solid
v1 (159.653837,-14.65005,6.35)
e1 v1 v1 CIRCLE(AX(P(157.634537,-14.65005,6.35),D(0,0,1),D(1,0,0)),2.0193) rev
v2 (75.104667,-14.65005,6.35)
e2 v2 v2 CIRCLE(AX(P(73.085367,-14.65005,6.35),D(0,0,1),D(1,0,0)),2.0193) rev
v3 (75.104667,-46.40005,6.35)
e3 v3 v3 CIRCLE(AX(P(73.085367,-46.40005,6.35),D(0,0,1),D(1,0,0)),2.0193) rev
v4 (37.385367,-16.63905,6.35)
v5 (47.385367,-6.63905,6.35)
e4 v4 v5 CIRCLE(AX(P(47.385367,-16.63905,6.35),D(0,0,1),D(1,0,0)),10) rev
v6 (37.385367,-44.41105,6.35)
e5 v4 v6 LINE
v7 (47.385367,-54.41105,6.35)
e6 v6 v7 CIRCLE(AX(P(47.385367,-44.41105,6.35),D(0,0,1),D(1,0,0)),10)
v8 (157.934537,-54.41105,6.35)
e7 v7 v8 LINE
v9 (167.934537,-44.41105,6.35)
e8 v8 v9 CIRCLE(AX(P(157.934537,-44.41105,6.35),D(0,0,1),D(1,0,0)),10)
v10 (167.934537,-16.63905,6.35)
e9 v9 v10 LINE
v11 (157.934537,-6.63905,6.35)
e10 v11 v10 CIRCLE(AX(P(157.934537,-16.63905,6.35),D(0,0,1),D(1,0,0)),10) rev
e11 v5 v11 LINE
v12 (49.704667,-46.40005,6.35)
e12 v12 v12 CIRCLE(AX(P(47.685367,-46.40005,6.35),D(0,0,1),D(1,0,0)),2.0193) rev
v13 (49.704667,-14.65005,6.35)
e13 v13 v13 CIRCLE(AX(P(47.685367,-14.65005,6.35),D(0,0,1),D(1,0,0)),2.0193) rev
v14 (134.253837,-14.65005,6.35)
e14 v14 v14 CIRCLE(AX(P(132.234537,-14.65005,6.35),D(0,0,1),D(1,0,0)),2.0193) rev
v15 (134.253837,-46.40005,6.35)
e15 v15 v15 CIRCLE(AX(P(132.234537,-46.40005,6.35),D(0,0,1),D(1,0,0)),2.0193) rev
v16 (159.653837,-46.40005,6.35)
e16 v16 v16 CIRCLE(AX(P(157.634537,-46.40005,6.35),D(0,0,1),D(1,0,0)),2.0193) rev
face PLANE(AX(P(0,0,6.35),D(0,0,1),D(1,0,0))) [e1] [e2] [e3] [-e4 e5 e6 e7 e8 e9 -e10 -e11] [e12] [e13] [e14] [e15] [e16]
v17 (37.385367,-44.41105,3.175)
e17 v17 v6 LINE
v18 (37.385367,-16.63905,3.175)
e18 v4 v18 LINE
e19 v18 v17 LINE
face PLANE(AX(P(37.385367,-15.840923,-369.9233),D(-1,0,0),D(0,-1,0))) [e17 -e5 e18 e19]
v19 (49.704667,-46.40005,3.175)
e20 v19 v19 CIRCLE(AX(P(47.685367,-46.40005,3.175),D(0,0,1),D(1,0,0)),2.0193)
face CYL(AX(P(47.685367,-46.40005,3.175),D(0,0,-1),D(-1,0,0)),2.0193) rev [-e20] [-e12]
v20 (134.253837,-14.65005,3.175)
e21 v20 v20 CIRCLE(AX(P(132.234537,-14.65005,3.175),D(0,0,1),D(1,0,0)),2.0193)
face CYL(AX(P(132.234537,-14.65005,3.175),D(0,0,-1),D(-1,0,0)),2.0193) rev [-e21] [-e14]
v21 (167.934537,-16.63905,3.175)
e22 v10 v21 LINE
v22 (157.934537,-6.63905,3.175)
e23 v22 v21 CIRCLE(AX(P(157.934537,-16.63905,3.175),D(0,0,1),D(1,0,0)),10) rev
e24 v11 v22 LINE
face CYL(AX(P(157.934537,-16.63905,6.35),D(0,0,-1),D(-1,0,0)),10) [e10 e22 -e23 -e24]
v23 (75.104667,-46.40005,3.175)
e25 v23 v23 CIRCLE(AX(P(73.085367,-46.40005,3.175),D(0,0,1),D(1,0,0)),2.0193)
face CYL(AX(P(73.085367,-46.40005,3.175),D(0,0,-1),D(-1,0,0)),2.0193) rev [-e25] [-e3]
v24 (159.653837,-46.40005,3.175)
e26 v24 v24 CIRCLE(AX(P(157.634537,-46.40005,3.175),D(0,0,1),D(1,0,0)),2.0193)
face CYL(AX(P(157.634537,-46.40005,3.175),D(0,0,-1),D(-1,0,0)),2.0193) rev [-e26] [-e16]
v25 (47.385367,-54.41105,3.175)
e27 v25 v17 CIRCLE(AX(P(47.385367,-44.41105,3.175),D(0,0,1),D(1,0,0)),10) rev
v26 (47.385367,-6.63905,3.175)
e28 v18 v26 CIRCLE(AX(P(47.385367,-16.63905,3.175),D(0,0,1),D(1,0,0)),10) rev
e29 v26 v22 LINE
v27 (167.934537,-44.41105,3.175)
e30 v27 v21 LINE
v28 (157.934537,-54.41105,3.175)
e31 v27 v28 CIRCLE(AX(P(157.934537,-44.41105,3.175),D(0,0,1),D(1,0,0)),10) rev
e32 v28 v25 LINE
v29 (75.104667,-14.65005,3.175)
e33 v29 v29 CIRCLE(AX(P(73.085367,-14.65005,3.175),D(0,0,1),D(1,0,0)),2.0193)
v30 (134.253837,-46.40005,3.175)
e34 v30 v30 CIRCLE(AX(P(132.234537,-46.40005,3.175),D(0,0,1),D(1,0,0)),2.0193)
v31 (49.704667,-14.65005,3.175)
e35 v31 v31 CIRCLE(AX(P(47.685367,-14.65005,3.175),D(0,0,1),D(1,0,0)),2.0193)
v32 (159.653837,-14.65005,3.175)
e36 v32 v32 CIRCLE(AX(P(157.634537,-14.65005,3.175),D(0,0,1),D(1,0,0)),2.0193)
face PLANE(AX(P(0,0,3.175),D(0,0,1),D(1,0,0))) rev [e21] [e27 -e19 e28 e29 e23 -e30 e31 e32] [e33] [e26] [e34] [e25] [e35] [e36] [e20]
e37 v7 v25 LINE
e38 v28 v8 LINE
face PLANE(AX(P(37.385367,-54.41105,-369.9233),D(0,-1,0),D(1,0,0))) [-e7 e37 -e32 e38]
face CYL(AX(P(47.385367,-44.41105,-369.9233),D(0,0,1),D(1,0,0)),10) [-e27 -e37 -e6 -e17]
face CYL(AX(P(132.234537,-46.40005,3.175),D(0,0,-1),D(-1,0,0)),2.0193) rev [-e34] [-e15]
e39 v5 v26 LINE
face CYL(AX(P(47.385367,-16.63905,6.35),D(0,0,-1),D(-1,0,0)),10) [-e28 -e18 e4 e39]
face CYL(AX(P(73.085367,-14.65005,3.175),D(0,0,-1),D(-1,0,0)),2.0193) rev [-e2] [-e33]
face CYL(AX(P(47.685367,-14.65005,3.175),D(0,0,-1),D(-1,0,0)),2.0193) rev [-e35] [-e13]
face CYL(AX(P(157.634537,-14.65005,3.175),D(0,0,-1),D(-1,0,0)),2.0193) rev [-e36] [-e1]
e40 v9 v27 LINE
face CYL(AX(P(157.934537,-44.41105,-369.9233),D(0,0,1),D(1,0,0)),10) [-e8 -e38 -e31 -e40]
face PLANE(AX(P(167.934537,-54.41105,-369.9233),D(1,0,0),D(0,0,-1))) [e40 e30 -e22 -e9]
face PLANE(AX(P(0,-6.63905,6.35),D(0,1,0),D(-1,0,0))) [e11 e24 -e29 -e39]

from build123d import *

# Parameters (mm, degrees)
BOSS_EXTRUDE1_DEPTH = 3.175
CUT_EXTRUDE1_DEPTH  = 10
SKETCH3_R           = 2.0193
BOSS_EXTRUDE2_DEPTH = 3.175
FILLET1_R           = 10
FILLET2_R           = 50
SKETCH4_R           = 2.02
CUT_EXTRUDE2_DEPTH  = 10
SKETCH5_R           = 2.0193
BOSS_EXTRUDE3_DEPTH = 3.175
SKETCH6_W           = 3.175
SKETCH6_H           = 346.1216
CUT_EXTRUDE3_DEPTH  = 131.549169731


with BuildPart() as part:
    # Sketch1 → Boss-Extrude1 (new body)
    with BuildSketch(Plane.XY):
        Polygon((165.934536959, -16.66935), (157.315236959, -8.05005), (115.359952094, -8.05005), (89.959952094, -8.05005), (48.004667228, -8.05005), (39.385367228, -16.66935), (39.385367228, -40.05005), (39.385367228, -52.41105), (165.934536959, -56.67505), (165.934536959, -42.05005), align=None)
        with BuildLine():
            ThreePointArc((47.685367228, -44.38075), (49.704667228, -46.40005), (47.685367228, -48.41935))
            ThreePointArc((47.685367228, -48.41935), (45.666067228, -46.40005), (47.685367228, -44.38075))
        make_face(mode=Mode.SUBTRACT)
        with BuildLine():
            ThreePointArc((47.685367228, -12.63075), (49.704667228, -14.65005), (47.685367228, -16.66935))
            ThreePointArc((47.685367228, -16.66935), (45.666067228, -14.65005), (47.685367228, -12.63075))
        make_face(mode=Mode.SUBTRACT)
        with BuildLine():
            ThreePointArc((73.085367228, -44.38075), (75.104667228, -46.40005), (73.085367228, -48.41935))
            ThreePointArc((73.085367228, -48.41935), (71.066067228, -46.40005), (73.085367228, -44.38075))
        make_face(mode=Mode.SUBTRACT)
        with BuildLine():
            ThreePointArc((73.085367228, -12.63075), (75.104667228, -14.65005), (73.085367228, -16.66935))
            ThreePointArc((73.085367228, -16.66935), (71.066067228, -14.65005), (73.085367228, -12.63075))
        make_face(mode=Mode.SUBTRACT)
        with BuildLine():
            ThreePointArc((132.234536959, -44.38075), (134.253836959, -46.40005), (132.234536959, -48.41935))
            ThreePointArc((132.234536959, -48.41935), (130.215236959, -46.40005), (132.234536959, -44.38075))
        make_face(mode=Mode.SUBTRACT)
        with BuildLine():
            ThreePointArc((132.234536959, -12.63075), (134.253836959, -14.65005), (132.234536959, -16.66935))
            ThreePointArc((132.234536959, -16.66935), (130.215236959, -14.65005), (132.234536959, -12.63075))
        make_face(mode=Mode.SUBTRACT)
        with BuildLine():
            ThreePointArc((157.634536959, -44.38075), (159.653836959, -46.40005), (157.634536959, -48.41935))
            ThreePointArc((157.634536959, -48.41935), (155.615236959, -46.40005), (157.634536959, -44.38075))
        make_face(mode=Mode.SUBTRACT)
        with BuildLine():
            ThreePointArc((157.634536959, -12.63075), (159.653836959, -14.65005), (157.634536959, -16.66935))
            ThreePointArc((157.634536959, -16.66935), (155.615236959, -14.65005), (157.634536959, -12.63075))
        make_face(mode=Mode.SUBTRACT)
        Polygon((115.359952094, -8.05005), (157.315236959, -8.05005), (115.359952094, 33.905234866), align=None)
        Polygon((89.959952094, -8.05005), (115.359952094, -8.05005), (115.359952094, 33.905234866), (115.359952094, 203.394265134), (115.359952094, 245.34955), (89.959952094, 245.34955), (89.959952094, 203.394265134), (89.959952094, 33.905234866), align=None)
        Polygon((48.004667228, -8.05005), (89.959952094, -8.05005), (89.959952094, 33.905234866), align=None)
        Polygon((89.959952094, 245.34955), (115.359952094, 245.34955), (157.315236959, 245.34955), (165.934536959, 253.96885), (165.934536959, 279.34955), (165.934536959, 293.97455), (39.385367228, 289.71055), (39.385367228, 277.34955), (39.385367228, 253.96885), (48.004667228, 245.34955), align=None)
        with BuildLine():
            ThreePointArc((47.685367228, 253.96885), (49.704667228, 251.94955), (47.685367228, 249.93025))
            ThreePointArc((47.685367228, 249.93025), (45.666067228, 251.94955), (47.685367228, 253.96885))
        make_face(mode=Mode.SUBTRACT)
        with BuildLine():
            ThreePointArc((47.685367228, 285.71885), (49.704667228, 283.69955), (47.685367228, 281.68025))
            ThreePointArc((47.685367228, 281.68025), (45.666067228, 283.69955), (47.685367228, 285.71885))
        make_face(mode=Mode.SUBTRACT)
        with BuildLine():
            ThreePointArc((73.085367228, 253.96885), (75.104667228, 251.94955), (73.085367228, 249.93025))
            ThreePointArc((73.085367228, 249.93025), (71.066067228, 251.94955), (73.085367228, 253.96885))
        make_face(mode=Mode.SUBTRACT)
        with BuildLine():
            ThreePointArc((73.085367228, 285.71885), (75.104667228, 283.69955), (73.085367228, 281.68025))
            ThreePointArc((73.085367228, 281.68025), (71.066067228, 283.69955), (73.085367228, 285.71885))
        make_face(mode=Mode.SUBTRACT)
        with BuildLine():
            ThreePointArc((132.234536959, 253.96885), (134.253836959, 251.94955), (132.234536959, 249.93025))
            ThreePointArc((132.234536959, 249.93025), (130.215236959, 251.94955), (132.234536959, 253.96885))
        make_face(mode=Mode.SUBTRACT)
        with BuildLine():
            ThreePointArc((157.634536959, 253.96885), (159.653836959, 251.94955), (157.634536959, 249.93025))
            ThreePointArc((157.634536959, 249.93025), (155.615236959, 251.94955), (157.634536959, 253.96885))
        make_face(mode=Mode.SUBTRACT)
        with BuildLine():
            ThreePointArc((157.634536959, 285.71885), (159.653836959, 283.69955), (157.634536959, 281.68025))
            ThreePointArc((157.634536959, 281.68025), (155.615236959, 283.69955), (157.634536959, 285.71885))
        make_face(mode=Mode.SUBTRACT)
        Polygon((115.359952094, 245.34955), (115.359952094, 203.394265134), (157.315236959, 245.34955), align=None)
        Polygon((48.004667228, 245.34955), (89.959952094, 203.394265134), (89.959952094, 245.34955), align=None)
    extrude(amount=BOSS_EXTRUDE1_DEPTH)

    # Sketch2 → Cut-Extrude1 (cut)
    with BuildSketch(Plane.XY.offset(3.175)):
        Polygon((84.385367228, -52.41105), (39.385367228, -52.41105), (165.934536959, -56.67505), (165.934536959, -52.41105), (120.934536959, -52.41105), align=None)
        Polygon((120.934536959, 289.71055), (165.934536959, 289.71055), (165.934536959, 293.97455), (39.385367228, 289.71055), (84.385367228, 289.71055), align=None)
    extrude(amount=-CUT_EXTRUDE1_DEPTH, mode=Mode.SUBTRACT)

    # Sketch3 → Boss-Extrude2 (add)
    with BuildSketch(Plane.XY.offset(3.175)):
        Polygon((37.385367228, -15.840922875), (37.385367228, -54.41105), (167.934536959, -54.41105), (167.934536959, -15.840922875), (117.359952094, 34.73366199), (117.359952094, 202.56583801), (167.934536959, 253.140422875), (167.934536959, 291.71055), (37.385367228, 291.71055), (37.385367228, 253.140422875), (87.959952094, 202.56583801), (87.959952094, 34.73366199), align=None)
        with Locations((132.234536959, -46.40005)):
            Circle(SKETCH3_R, mode=Mode.SUBTRACT)
        with Locations((132.234536959, -14.65005)):
            Circle(SKETCH3_R, mode=Mode.SUBTRACT)
        with Locations((47.685367228, -14.65005)):
            Circle(SKETCH3_R, mode=Mode.SUBTRACT)
        with Locations((47.685367228, -46.40005)):
            Circle(SKETCH3_R, mode=Mode.SUBTRACT)
        with Locations((73.085367228, -46.40005)):
            Circle(SKETCH3_R, mode=Mode.SUBTRACT)
        with Locations((73.085367228, -14.65005)):
            Circle(SKETCH3_R, mode=Mode.SUBTRACT)
        with Locations((157.634536959, -14.65005)):
            Circle(SKETCH3_R, mode=Mode.SUBTRACT)
        with Locations((157.634536959, -46.40005)):
            Circle(SKETCH3_R, mode=Mode.SUBTRACT)
        with Locations((132.234536959, 251.94955)):
            Circle(SKETCH3_R, mode=Mode.SUBTRACT)
        with Locations((73.085367228, 251.94955)):
            Circle(SKETCH3_R, mode=Mode.SUBTRACT)
        with Locations((157.634536959, 251.94955)):
            Circle(SKETCH3_R, mode=Mode.SUBTRACT)
        with Locations((47.685367228, 251.94955)):
            Circle(SKETCH3_R, mode=Mode.SUBTRACT)
        with Locations((47.685367228, 283.69955)):
            Circle(SKETCH3_R, mode=Mode.SUBTRACT)
        with Locations((73.085367228, 283.69955)):
            Circle(SKETCH3_R, mode=Mode.SUBTRACT)
        with Locations((157.634536959, 283.69955)):
            Circle(SKETCH3_R, mode=Mode.SUBTRACT)
    extrude(amount=-BOSS_EXTRUDE2_DEPTH)

    # Fillet1
    fillet1_edges = [part.edges().sort_by_distance(p)[0] for p in [
        (37.385367228, -54.41105, 1.5875),
        (167.934536959, -54.41105, 1.5875),
        (167.934536959, -15.840922875, 1.5875),
        (167.934536959, 253.140422875, 1.5875),
        (167.934536959, 291.71055, 1.5875),
        (37.385367228, 291.71055, 1.5875),
        (37.385367228, 253.140422875, 1.5875),
        (37.385367228, -15.840922875, 1.5875),
    ]]
    fillet(fillet1_edges, radius=FILLET1_R)

    # Fillet2
    fillet2_edges = [part.edges().sort_by_distance(p)[0] for p in [
        (117.359952094, 34.73366199, 1.5875),
        (117.359952094, 202.56583801, 1.5875),
        (87.959952094, 202.56583801, 1.5875),
        (87.959952094, 34.73366199, 1.5875),
    ]]
    fillet(fillet2_edges, radius=FILLET2_R)

    # Sketch4 → Cut-Extrude2 (cut)
    with BuildSketch(Plane.XY.offset(3.175)):
        with Locations((132.234536959, 283.69955)):
            Circle(SKETCH4_R)
    extrude(amount=-CUT_EXTRUDE2_DEPTH, mode=Mode.SUBTRACT)

    # Sketch5 → Boss-Extrude3 (add)
    with BuildSketch(Plane.XY.offset(3.175)):
        with BuildLine():
            Line((167.934536959, -44.41105), (167.934536959, -16.63905))
            ThreePointArc((167.934536959, -16.63905), (165.005604771, -9.567982188), (157.934536959, -6.63905))
            Line((157.934536959, -6.63905), (47.385367228, -6.63905))
            ThreePointArc((47.385367228, -6.63905), (40.314299416, -9.567982188), (37.385367228, -16.63905))
            Line((37.385367228, -16.63905), (37.385367228, -44.41105))
            ThreePointArc((37.385367228, -44.41105), (40.314299416, -51.482117812), (47.385367228, -54.41105))
            Line((47.385367228, -54.41105), (157.934536959, -54.41105))
            ThreePointArc((157.934536959, -54.41105), (165.005604771, -51.482117812), (167.934536959, -44.41105))
        make_face()
        with Locations((47.685367228, -46.40005)):
            Circle(SKETCH5_R, mode=Mode.SUBTRACT)
        with Locations((73.085367228, -46.40005)):
            Circle(SKETCH5_R, mode=Mode.SUBTRACT)
        with Locations((132.234536959, -46.40005)):
            Circle(SKETCH5_R, mode=Mode.SUBTRACT)
        with Locations((157.634536959, -46.40005)):
            Circle(SKETCH5_R, mode=Mode.SUBTRACT)
        with Locations((47.685367228, -14.65005)):
            Circle(SKETCH5_R, mode=Mode.SUBTRACT)
        with Locations((73.085367228, -14.65005)):
            Circle(SKETCH5_R, mode=Mode.SUBTRACT)
        with Locations((132.234536959, -14.65005)):
            Circle(SKETCH5_R, mode=Mode.SUBTRACT)
        with Locations((157.634536959, -14.65005)):
            Circle(SKETCH5_R, mode=Mode.SUBTRACT)
    extrude(amount=BOSS_EXTRUDE3_DEPTH)

    # Sketch6 → Cut-Extrude3 (cut, through all)
    with BuildSketch(Plane.ZY.offset(-37.385367228)):
        with Locations((1.5875, 118.64975)):
            Rectangle(SKETCH6_W, SKETCH6_H)
    extrude(amount=-CUT_EXTRUDE3_DEPTH, mode=Mode.SUBTRACT)


solid = part.part
